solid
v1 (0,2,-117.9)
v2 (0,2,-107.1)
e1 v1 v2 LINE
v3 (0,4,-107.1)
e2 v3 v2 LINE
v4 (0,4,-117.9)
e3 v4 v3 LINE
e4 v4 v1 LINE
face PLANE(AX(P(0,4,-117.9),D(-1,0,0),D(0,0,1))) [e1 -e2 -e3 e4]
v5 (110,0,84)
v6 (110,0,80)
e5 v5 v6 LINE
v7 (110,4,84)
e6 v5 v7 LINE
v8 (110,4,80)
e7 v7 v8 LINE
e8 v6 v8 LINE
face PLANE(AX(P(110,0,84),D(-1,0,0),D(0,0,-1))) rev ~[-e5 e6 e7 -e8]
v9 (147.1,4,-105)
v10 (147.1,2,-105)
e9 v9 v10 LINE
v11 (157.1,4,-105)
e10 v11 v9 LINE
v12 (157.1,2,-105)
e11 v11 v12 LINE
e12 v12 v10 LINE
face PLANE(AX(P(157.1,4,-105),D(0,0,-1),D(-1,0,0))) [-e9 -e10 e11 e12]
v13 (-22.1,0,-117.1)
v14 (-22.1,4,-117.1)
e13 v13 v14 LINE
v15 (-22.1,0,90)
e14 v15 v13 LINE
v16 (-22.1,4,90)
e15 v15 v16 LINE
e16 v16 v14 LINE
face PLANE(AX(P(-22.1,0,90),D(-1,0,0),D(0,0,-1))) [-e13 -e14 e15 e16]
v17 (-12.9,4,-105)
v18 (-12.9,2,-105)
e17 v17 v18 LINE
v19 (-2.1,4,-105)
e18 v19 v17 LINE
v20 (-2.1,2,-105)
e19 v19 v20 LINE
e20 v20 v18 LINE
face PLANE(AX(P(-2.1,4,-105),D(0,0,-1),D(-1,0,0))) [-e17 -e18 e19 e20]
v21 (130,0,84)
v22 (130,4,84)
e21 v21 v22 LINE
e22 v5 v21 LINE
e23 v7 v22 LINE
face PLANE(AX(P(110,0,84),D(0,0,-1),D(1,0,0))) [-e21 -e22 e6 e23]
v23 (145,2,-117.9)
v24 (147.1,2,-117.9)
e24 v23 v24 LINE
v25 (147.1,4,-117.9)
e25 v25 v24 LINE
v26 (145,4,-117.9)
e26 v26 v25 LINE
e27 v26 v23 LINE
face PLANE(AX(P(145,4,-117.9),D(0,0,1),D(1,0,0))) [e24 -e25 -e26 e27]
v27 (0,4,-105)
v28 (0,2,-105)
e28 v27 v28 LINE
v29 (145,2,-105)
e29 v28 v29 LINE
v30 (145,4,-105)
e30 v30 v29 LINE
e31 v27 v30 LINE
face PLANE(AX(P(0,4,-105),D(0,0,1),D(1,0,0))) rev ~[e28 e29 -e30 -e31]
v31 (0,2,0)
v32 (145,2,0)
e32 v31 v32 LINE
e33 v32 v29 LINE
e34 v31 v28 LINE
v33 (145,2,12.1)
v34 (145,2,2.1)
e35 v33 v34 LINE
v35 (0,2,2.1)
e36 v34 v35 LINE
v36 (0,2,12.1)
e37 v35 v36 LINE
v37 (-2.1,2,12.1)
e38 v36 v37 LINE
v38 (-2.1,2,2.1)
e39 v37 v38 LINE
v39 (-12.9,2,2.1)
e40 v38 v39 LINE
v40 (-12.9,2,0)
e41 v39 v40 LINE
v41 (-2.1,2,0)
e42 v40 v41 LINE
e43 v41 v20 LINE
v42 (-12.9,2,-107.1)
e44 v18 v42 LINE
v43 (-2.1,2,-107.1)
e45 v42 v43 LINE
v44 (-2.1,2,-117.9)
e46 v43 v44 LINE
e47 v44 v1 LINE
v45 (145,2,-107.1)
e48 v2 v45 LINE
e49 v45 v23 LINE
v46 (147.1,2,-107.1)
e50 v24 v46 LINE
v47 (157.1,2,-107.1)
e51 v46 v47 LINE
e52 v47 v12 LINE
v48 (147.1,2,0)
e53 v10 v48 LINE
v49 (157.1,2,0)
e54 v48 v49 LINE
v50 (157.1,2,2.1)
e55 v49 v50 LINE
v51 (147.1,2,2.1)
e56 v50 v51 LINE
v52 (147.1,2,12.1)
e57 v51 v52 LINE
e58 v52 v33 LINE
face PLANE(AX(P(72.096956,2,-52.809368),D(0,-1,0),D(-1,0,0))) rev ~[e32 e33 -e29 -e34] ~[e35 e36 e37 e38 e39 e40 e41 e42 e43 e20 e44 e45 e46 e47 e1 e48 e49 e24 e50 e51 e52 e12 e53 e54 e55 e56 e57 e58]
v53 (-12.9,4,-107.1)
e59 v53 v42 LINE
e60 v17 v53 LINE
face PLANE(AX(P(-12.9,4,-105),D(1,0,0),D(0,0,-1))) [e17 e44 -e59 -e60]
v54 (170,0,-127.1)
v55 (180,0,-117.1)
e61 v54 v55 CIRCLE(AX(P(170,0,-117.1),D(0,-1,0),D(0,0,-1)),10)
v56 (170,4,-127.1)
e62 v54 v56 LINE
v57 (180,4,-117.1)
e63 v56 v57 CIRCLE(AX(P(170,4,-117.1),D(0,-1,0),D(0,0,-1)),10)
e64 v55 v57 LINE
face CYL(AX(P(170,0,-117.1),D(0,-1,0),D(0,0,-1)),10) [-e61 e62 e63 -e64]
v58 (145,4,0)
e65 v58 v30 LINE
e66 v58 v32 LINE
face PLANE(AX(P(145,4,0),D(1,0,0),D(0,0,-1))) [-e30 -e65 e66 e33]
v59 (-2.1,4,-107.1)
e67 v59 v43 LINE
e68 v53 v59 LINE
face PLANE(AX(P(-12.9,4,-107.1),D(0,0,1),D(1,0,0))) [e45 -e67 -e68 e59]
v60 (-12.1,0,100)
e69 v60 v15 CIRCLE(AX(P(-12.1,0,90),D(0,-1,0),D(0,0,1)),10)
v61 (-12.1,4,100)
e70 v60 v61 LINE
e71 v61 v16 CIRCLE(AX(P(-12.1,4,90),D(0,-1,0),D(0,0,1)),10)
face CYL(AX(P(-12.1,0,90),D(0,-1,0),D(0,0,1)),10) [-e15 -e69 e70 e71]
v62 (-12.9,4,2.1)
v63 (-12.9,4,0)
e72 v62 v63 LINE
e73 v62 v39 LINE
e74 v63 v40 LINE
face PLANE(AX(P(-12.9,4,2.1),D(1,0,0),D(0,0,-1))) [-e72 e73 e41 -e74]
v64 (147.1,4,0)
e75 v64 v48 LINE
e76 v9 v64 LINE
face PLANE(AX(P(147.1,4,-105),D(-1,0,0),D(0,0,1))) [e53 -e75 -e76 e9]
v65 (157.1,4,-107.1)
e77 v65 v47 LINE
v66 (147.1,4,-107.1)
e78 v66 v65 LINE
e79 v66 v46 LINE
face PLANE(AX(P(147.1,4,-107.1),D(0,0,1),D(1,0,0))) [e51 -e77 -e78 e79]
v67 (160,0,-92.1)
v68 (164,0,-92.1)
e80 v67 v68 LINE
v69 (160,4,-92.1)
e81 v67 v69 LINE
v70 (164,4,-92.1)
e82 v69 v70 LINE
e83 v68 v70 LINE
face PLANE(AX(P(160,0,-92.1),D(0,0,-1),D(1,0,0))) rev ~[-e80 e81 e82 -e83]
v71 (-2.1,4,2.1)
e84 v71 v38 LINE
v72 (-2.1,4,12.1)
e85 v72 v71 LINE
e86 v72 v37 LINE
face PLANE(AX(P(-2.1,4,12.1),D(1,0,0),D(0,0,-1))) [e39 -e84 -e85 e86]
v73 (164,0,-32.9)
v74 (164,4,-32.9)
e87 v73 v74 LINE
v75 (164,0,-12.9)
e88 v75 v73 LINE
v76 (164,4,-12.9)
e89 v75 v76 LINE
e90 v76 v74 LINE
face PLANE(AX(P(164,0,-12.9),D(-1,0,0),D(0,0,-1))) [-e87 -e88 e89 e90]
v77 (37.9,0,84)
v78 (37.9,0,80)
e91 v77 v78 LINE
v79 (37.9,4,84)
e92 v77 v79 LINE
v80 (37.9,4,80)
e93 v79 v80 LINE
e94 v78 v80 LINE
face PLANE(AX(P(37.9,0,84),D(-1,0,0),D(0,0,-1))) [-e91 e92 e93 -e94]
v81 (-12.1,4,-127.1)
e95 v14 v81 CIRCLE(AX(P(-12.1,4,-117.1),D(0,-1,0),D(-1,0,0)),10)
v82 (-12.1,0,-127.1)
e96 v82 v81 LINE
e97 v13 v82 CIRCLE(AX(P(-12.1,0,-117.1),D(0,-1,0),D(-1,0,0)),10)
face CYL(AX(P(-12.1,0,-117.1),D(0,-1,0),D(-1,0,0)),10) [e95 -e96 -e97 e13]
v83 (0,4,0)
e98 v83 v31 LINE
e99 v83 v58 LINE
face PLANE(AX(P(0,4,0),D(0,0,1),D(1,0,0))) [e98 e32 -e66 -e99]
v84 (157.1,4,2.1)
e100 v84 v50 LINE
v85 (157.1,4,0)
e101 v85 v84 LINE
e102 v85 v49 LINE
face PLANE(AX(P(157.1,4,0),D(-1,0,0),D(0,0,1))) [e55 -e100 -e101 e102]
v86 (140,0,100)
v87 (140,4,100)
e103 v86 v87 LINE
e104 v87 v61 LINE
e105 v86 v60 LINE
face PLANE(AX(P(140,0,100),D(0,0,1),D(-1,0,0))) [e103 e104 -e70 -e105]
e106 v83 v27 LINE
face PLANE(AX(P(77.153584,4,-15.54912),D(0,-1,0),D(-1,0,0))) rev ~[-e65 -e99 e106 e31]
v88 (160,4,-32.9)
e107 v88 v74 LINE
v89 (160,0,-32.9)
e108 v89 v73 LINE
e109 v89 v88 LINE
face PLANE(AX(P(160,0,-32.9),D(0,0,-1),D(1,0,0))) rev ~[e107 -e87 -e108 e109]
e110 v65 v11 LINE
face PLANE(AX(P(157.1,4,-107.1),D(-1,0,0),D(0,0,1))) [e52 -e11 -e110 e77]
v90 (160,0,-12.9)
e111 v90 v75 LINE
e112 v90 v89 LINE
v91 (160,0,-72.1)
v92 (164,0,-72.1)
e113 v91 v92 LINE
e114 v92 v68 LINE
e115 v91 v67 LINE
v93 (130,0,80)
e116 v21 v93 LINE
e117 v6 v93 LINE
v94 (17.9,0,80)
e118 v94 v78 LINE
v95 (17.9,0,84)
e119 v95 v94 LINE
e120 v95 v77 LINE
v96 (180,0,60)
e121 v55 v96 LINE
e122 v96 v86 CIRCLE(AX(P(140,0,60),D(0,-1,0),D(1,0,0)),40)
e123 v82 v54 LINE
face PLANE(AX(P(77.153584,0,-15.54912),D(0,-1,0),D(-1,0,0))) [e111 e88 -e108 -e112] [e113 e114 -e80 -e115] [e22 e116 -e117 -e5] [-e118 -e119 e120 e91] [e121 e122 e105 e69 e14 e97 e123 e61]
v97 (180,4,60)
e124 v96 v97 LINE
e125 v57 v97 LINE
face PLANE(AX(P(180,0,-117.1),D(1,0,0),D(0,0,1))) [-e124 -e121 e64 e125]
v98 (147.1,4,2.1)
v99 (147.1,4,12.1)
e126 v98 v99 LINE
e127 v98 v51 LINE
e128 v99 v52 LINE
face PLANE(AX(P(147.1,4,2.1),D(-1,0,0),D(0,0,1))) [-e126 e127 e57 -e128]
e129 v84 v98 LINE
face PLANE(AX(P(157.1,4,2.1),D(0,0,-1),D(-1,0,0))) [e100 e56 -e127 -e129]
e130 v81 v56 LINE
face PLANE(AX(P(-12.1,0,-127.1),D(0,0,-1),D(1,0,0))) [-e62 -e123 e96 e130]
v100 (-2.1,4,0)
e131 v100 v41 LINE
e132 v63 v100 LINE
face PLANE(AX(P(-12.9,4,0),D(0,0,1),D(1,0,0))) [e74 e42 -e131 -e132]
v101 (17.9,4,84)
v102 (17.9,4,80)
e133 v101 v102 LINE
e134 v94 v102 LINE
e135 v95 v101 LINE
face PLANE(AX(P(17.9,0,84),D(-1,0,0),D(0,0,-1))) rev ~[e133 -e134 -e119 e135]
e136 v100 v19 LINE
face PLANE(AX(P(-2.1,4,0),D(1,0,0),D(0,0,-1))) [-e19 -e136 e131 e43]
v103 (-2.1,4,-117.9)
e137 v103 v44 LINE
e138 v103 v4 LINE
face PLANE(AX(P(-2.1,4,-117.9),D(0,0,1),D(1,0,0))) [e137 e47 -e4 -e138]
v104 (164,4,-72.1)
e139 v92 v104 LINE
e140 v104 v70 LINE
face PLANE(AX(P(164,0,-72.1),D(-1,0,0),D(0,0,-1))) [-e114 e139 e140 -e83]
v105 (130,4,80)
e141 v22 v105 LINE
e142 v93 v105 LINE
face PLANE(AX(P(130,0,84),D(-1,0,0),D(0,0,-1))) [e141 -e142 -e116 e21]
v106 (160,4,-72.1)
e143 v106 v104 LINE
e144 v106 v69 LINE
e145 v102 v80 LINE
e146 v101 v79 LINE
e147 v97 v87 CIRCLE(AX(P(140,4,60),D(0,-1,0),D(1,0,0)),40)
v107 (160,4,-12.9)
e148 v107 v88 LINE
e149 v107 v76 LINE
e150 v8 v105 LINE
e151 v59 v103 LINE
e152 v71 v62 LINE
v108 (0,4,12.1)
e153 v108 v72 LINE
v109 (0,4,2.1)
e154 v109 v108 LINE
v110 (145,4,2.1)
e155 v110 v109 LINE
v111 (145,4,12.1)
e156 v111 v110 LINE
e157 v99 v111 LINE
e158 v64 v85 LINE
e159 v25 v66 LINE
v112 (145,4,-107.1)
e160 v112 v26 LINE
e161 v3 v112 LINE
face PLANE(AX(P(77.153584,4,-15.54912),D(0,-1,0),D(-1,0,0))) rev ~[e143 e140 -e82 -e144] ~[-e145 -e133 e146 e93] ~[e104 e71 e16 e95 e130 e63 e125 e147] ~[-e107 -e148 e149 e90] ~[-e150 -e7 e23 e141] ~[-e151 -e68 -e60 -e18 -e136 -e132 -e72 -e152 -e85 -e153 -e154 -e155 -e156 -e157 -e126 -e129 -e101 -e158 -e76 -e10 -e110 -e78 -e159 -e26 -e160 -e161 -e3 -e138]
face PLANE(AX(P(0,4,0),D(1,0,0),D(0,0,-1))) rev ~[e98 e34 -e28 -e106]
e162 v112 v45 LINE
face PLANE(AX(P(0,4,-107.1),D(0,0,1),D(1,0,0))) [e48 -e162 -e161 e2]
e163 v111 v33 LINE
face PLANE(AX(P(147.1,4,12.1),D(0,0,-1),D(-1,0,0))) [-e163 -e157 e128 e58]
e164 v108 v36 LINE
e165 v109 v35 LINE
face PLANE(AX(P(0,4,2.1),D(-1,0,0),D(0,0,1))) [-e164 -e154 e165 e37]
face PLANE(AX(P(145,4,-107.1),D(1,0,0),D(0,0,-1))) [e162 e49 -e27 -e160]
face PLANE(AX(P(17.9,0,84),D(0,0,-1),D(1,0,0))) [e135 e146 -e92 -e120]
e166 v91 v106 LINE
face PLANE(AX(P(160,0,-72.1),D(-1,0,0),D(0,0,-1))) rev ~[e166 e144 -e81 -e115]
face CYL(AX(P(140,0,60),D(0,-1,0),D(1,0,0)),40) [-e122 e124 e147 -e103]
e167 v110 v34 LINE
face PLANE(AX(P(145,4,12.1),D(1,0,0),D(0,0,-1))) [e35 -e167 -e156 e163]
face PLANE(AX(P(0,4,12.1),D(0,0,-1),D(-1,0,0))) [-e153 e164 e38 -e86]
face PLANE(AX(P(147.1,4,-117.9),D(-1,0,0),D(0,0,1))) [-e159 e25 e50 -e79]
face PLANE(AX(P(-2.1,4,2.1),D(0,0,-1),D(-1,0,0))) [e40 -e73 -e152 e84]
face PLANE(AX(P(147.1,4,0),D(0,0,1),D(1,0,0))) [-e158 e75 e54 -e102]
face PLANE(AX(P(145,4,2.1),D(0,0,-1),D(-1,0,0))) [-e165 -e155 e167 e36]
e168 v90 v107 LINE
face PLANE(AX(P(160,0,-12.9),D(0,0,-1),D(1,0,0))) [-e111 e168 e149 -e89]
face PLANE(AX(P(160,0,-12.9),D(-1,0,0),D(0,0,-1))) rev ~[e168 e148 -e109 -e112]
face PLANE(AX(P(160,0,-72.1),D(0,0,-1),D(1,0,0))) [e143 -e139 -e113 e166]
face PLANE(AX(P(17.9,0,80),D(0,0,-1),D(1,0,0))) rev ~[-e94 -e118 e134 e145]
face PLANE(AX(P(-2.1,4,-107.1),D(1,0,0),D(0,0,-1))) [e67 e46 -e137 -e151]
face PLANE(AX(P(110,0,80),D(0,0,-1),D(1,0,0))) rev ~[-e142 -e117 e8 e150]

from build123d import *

# Parameters (mm, degrees)
SKETCH1_W           = 20
SKETCH1_H           = 4
SKETCH1_W_2         = 4
SKETCH1_H_2         = 20
BOSS_EXTRUDE1_DEPTH = 4
SKETCH2_W           = 145
SKETCH2_H           = 105
CUT_EXTRUDE1_DEPTH  = 2


with BuildPart() as part:
    # Sketch1 → Boss-Extrude1 (new body)
    with BuildSketch(Plane(origin=(0, 0, 0), x_dir=(1, 0, 0), z_dir=(0, 1, 0))):
        with BuildLine():
            Line((-12.1, 127.1), (170, 127.1))
            ThreePointArc((170, 127.1), (177.071067812, 124.171067812), (180, 117.1))
            Line((180, 117.1), (180, -60))
            ThreePointArc((180, -60), (168.284271247, -88.284271247), (140, -100))
            Line((140, -100), (-12.1, -100))
            ThreePointArc((-12.1, -100), (-19.171067812, -97.071067812), (-22.1, -90))
            Line((-22.1, -90), (-22.1, 117.1))
            ThreePointArc((-22.1, 117.1), (-19.171067812, 124.171067812), (-12.1, 127.1))
        make_face()
        with Locations((27.9, -82)):
            Rectangle(SKETCH1_W, SKETCH1_H, mode=Mode.SUBTRACT)
        with Locations((120, -82)):
            Rectangle(SKETCH1_W, SKETCH1_H, mode=Mode.SUBTRACT)
        with Locations((162, 82.1)):
            Rectangle(SKETCH1_W_2, SKETCH1_H_2, mode=Mode.SUBTRACT)
        with Locations((162, 22.9)):
            Rectangle(SKETCH1_W_2, SKETCH1_H_2, mode=Mode.SUBTRACT)
    extrude(amount=BOSS_EXTRUDE1_DEPTH)

    # Sketch2 → Cut-Extrude1 (cut)
    with BuildSketch(Plane(origin=(0, 4, 0), x_dir=(1, 0, 0), z_dir=(0, 1, 0))):
        Polygon((-12.9, 0), (-2.1, 0), (-2.1, 105), (-12.9, 105), (-12.9, 107.1), (-2.1, 107.1), (-2.1, 117.9), (0, 117.9), (0, 107.1), (145, 107.1), (145, 117.9), (147.1, 117.9), (147.1, 107.1), (157.1, 107.1), (157.1, 105), (147.1, 105), (147.1, 0), (157.1, 0), (157.1, -2.1), (147.1, -2.1), (147.1, -12.1), (145, -12.1), (145, -2.1), (0, -2.1), (0, -12.1), (-2.1, -12.1), (-2.1, -2.1), (-12.9, -2.1), align=None)
        with Locations((72.5, 52.5)):
            Rectangle(SKETCH2_W, SKETCH2_H, mode=Mode.SUBTRACT)
    extrude(amount=-CUT_EXTRUDE1_DEPTH, mode=Mode.SUBTRACT)


solid = part.part
